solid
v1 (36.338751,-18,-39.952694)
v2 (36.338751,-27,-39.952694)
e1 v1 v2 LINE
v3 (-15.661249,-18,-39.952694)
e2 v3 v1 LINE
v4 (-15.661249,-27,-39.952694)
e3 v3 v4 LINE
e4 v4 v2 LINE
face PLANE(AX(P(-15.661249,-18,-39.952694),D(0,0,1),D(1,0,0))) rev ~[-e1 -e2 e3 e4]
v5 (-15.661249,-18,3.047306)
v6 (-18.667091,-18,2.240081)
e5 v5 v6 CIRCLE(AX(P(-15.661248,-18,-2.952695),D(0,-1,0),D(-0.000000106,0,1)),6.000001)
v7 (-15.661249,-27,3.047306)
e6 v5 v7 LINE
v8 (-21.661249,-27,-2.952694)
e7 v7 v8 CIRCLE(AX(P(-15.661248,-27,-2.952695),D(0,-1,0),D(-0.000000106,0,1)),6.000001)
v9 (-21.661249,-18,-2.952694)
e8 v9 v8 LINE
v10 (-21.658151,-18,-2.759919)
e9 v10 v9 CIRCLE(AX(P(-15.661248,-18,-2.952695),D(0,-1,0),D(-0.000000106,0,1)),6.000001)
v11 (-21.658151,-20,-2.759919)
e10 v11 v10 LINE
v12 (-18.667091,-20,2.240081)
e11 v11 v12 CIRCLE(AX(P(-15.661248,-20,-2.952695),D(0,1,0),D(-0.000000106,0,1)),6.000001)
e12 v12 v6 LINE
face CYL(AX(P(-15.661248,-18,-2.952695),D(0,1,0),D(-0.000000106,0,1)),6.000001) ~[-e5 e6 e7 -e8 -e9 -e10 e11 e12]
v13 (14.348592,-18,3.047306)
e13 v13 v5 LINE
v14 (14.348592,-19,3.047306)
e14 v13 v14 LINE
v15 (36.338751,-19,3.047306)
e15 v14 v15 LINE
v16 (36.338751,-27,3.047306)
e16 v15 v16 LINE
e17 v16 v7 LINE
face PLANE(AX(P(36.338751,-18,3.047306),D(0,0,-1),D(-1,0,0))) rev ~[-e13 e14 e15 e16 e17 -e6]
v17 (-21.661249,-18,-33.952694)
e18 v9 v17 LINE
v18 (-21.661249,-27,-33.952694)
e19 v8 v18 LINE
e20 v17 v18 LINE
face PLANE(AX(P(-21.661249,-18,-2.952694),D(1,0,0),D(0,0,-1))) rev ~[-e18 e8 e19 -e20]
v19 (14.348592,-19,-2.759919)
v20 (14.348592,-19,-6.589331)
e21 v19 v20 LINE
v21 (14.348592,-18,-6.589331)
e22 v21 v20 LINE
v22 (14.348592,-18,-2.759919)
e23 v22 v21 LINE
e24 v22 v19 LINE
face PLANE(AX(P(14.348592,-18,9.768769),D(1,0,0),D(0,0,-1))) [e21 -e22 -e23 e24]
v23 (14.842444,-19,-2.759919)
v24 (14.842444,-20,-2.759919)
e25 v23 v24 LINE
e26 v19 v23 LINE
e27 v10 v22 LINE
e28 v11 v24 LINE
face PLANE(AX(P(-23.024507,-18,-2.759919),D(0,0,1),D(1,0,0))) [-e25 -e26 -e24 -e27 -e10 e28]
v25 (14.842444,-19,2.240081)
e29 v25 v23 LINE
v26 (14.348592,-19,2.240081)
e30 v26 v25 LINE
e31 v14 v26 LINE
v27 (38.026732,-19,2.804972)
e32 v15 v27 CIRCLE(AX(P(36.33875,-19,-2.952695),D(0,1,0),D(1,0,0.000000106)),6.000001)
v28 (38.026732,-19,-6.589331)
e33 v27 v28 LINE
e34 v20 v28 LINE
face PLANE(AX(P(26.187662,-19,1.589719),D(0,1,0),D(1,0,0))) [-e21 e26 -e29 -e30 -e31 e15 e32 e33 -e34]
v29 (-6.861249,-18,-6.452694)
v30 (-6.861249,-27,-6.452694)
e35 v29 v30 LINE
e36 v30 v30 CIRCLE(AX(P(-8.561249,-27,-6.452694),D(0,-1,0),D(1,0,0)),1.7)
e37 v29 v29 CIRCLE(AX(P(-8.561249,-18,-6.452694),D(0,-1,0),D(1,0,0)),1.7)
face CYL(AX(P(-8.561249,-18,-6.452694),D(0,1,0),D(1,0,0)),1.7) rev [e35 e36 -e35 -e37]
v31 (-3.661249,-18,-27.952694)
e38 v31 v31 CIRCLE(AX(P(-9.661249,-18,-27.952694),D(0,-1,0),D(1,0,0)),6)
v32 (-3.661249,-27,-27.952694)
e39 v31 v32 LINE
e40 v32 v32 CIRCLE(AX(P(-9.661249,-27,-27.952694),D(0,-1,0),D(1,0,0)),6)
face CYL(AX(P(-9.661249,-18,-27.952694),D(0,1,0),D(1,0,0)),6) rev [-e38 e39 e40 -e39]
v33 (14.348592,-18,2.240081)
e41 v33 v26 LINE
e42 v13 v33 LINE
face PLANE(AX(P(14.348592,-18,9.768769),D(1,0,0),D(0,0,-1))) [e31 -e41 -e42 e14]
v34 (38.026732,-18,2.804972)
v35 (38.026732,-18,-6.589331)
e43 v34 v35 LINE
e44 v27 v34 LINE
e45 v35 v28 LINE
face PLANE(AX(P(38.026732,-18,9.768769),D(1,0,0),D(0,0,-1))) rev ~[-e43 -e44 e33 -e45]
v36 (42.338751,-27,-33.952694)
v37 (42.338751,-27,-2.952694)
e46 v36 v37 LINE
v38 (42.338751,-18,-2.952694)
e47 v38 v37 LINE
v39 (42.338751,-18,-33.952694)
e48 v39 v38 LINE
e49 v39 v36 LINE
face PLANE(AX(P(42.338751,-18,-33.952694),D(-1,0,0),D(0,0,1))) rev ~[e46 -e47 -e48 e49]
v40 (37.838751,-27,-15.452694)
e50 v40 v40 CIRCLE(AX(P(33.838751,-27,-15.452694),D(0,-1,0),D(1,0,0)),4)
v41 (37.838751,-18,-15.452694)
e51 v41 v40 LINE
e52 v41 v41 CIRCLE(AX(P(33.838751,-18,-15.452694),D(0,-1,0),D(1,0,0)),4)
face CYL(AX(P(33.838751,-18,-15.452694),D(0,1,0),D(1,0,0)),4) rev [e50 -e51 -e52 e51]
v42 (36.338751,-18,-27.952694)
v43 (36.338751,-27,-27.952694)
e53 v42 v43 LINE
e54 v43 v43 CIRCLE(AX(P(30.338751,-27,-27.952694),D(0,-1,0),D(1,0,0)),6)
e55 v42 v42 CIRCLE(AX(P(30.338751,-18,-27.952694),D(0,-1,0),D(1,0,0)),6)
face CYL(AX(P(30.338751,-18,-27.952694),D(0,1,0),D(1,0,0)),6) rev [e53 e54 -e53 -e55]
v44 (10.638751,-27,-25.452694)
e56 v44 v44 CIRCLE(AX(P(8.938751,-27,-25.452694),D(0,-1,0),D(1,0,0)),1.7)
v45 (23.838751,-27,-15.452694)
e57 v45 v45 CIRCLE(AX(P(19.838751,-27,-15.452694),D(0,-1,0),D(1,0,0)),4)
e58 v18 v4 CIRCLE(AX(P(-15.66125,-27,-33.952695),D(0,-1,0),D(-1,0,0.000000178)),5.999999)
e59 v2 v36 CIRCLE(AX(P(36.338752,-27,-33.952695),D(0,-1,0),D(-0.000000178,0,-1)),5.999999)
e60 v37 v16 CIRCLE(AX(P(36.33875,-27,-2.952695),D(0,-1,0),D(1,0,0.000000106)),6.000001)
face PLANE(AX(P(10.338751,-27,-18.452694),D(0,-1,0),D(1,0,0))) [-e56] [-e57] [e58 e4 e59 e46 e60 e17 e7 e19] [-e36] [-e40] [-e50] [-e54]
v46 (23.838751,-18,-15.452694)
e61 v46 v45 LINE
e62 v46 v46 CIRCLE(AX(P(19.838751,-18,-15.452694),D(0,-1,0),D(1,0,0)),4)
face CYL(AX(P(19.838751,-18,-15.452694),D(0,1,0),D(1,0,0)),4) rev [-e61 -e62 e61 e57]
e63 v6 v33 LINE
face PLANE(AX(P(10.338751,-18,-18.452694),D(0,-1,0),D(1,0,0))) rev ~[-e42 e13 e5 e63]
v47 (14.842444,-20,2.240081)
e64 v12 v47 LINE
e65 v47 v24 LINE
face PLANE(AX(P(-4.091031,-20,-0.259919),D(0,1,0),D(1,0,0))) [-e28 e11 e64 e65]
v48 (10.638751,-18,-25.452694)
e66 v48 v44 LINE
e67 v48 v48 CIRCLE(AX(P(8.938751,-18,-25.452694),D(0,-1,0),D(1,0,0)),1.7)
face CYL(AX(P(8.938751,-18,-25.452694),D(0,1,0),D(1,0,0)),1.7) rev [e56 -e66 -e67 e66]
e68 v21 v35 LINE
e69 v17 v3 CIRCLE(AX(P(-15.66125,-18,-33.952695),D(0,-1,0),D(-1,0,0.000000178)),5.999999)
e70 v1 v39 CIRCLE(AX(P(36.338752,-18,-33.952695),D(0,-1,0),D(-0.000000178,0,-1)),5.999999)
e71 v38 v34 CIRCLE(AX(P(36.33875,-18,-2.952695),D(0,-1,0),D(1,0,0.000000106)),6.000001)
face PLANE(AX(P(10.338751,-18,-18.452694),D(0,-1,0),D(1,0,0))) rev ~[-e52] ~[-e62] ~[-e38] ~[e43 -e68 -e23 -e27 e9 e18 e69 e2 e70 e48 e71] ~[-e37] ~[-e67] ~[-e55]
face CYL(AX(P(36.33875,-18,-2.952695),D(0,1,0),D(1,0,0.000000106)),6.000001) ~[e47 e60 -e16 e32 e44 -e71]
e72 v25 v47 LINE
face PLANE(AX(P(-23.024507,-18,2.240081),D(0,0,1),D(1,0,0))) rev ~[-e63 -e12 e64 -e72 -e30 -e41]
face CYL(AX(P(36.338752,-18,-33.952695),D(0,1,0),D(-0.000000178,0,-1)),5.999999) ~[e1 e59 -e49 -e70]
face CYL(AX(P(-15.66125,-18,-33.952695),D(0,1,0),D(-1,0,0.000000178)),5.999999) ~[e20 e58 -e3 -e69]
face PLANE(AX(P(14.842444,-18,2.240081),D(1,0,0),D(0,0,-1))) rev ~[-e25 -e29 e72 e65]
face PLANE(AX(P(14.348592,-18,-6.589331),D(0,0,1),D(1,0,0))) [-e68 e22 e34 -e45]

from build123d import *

# Parameters (mm, degrees)
SKETCH034_R     = 6
SKETCH034_R_2   = 4
SKETCH034_R_3   = 1.7
PAD010_DEPTH    = 9
SKETCH035_W     = 23.67814
SKETCH035_H     = 16.3581
POCKET022_DEPTH = 1
SKETCH036_W     = 37.866951
SKETCH036_H     = 5
POCKET023_DEPTH = 2


with BuildPart() as part:
    # Sketch034 → Pad010 (new body)
    with BuildSketch(Plane.XZ):
        with BuildLine():
            Line((38.838751, 1.547306), (-13.161249, 1.547306))
            ThreePointArc((-13.161249, 1.547306), (-17.40389, -0.210054), (-19.161249, -4.452694))
            Line((-19.161249, -4.452694), (-19.161249, -35.452694))
            ThreePointArc((-19.161249, -35.452694), (-17.40389, -39.695335), (-13.161249, -41.452694))
            Line((-13.161249, -41.452694), (38.838751, -41.452694))
            ThreePointArc((38.838751, -41.452694), (43.081392, -39.695335), (44.838751, -35.452694))
            Line((44.838751, -35.452694), (44.838751, -4.452694))
            ThreePointArc((44.838751, -4.452694), (43.081392, -0.210054), (38.838751, 1.547306))
        make_face()
        with Locations((32.838751, -29.452694)):
            Circle(SKETCH034_R, mode=Mode.SUBTRACT)
        with Locations((-7.161249, -29.452694)):
            Circle(SKETCH034_R, mode=Mode.SUBTRACT)
        with Locations((22.338751, -16.952694)):
            Circle(SKETCH034_R_2, mode=Mode.SUBTRACT)
        with Locations((36.338751, -16.952694)):
            Circle(SKETCH034_R_2, mode=Mode.SUBTRACT)
        with Locations((11.438751, -26.952694)):
            Circle(SKETCH034_R_3, mode=Mode.SUBTRACT)
        with Locations((-6.061249, -7.952694)):
            Circle(SKETCH034_R_3, mode=Mode.SUBTRACT)
    extrude(amount=PAD010_DEPTH)

    # Sketch035 (on Face15 of Pad010) → Pocket022 (cut)
    with BuildSketch(Plane(origin=(0, 0, 0), x_dir=(1, 0, 0), z_dir=(0, 1, 0))):
        with Locations((28.687662, -0.089719)):
            Rectangle(SKETCH035_W, SKETCH035_H)
    extrude(amount=-POCKET022_DEPTH, mode=Mode.SUBTRACT)

    # Sketch036 (on Face4 of Pocket022) → Pocket023 (cut)
    with BuildSketch(Plane(origin=(0, 0, 0), x_dir=(1, 0, 0), z_dir=(0, 1, 0))):
        with Locations((-1.591031, 1.759919)):
            Rectangle(SKETCH036_W, SKETCH036_H)
    extrude(amount=-POCKET023_DEPTH, mode=Mode.SUBTRACT)


with BuildPart() as part_1:
    # Body004 placement: moved
    add(part.part.moved(Location((-2.5, -18, 1.5))))


solid = part_1.part
